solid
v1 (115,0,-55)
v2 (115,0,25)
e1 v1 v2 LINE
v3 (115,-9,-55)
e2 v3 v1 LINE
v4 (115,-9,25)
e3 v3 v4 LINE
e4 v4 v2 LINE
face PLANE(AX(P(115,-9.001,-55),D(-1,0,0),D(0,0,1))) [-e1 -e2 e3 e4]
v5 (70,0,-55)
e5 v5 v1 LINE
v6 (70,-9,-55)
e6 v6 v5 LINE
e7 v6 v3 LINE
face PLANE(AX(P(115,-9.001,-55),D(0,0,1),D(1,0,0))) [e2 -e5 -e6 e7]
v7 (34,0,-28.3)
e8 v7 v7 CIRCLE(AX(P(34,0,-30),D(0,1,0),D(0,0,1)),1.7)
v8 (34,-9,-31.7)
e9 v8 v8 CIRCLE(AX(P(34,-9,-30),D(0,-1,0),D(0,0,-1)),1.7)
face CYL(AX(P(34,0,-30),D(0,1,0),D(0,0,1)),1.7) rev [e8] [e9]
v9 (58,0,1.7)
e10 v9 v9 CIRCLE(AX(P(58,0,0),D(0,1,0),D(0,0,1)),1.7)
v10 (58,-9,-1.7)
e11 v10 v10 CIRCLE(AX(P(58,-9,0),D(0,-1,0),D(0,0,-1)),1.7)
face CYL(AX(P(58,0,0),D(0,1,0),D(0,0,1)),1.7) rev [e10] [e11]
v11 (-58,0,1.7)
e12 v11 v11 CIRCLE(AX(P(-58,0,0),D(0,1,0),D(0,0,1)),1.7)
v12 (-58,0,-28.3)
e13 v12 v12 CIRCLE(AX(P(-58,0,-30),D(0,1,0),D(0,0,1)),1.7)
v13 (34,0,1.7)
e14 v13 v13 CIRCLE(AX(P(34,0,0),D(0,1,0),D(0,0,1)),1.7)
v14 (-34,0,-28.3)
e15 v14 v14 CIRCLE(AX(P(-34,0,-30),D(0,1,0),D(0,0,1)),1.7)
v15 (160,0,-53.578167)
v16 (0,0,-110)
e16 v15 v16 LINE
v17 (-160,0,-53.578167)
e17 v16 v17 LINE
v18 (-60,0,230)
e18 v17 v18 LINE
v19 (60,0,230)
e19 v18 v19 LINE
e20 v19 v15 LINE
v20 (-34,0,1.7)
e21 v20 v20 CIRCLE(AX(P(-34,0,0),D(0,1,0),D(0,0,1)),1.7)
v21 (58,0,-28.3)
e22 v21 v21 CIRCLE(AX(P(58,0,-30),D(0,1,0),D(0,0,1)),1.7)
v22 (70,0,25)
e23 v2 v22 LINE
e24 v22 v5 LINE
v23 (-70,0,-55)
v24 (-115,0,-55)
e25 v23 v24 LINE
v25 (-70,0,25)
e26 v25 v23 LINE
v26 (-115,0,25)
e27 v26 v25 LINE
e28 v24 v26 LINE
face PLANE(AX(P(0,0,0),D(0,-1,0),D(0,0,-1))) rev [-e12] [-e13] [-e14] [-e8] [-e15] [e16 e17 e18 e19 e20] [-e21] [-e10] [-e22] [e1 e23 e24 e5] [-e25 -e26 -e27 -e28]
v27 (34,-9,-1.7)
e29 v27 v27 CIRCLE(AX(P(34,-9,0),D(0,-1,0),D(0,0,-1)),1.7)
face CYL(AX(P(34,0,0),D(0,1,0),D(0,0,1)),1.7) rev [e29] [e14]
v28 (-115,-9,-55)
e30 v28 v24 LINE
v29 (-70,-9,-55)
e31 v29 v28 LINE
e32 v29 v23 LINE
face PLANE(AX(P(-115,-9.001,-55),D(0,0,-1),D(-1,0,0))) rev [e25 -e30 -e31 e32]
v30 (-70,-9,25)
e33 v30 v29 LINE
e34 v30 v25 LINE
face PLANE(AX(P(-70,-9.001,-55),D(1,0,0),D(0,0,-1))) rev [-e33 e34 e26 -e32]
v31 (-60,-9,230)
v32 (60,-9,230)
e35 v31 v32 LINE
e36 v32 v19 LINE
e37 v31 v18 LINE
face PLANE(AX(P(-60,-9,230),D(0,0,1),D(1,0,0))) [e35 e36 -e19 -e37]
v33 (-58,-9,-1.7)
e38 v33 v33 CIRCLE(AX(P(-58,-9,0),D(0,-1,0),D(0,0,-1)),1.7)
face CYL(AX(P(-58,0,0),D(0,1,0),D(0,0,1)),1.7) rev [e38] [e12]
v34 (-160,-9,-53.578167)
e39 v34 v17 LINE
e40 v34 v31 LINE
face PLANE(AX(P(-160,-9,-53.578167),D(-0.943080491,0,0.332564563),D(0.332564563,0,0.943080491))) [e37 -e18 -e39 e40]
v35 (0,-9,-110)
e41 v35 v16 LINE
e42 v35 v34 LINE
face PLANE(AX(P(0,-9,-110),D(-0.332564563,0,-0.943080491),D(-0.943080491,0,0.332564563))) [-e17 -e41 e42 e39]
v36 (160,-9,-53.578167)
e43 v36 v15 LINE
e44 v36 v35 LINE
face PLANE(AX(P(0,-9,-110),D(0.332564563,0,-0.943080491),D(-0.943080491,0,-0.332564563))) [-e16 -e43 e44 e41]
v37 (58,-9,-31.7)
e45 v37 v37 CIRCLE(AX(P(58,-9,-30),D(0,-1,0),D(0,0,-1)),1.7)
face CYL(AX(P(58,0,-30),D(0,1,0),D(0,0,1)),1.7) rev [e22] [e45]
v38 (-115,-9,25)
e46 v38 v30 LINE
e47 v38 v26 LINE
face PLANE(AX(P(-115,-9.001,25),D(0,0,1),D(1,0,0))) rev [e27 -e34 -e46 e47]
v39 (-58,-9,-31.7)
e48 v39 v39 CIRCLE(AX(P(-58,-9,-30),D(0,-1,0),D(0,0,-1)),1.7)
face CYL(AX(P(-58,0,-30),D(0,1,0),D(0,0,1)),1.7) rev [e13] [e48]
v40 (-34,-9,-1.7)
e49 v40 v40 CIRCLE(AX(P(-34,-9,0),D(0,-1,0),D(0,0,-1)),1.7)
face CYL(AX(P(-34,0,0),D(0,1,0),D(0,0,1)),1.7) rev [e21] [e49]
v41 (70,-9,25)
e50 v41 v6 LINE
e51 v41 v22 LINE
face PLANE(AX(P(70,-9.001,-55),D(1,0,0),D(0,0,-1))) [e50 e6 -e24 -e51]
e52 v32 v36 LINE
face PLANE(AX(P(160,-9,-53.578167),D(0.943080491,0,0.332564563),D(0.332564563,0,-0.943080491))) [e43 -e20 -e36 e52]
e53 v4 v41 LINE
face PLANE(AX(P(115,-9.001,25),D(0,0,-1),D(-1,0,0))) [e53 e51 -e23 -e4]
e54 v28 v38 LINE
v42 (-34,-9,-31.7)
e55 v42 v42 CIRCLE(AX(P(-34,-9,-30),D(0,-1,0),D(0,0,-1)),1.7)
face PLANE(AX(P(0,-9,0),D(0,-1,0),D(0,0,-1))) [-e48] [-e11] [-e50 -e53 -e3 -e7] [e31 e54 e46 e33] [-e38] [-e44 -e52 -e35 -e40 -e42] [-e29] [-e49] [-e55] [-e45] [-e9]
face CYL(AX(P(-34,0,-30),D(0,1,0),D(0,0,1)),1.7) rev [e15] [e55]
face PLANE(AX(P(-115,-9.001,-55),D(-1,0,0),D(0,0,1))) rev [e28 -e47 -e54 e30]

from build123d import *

# Parameters (mm, degrees)
BOSS_EXTRU_1_DEPTH        = 9
ESQUISSE2_W               = 45
ESQUISSE2_H               = 80
ENL_V_MAT_EXTRU_2_DEPTH   = 9
D_GAGEMENT_M31_AT_2_COUNT = 2
D_GAGEMENT_M31_AT_2_PITCH = 24


with BuildPart() as part:
    # Esquisse1 → Boss.-Extru.1 (new body)
    with BuildSketch(Plane(origin=(0, 0, 0), x_dir=(1, 0, 0), z_dir=(0, 1, 0))):
        Polygon((0, 110), (-160, 53.578166916), (-60, -230), (60, -230), (160, 53.578166916), align=None)
    extrude(amount=-BOSS_EXTRU_1_DEPTH)

    # Esquisse2 → Enlèv. mat.-Extru.2 (cut)
    with BuildSketch(Plane(origin=(0, 0, 0), x_dir=(1, 0, 0), z_dir=(0, 1, 0))):
        with Locations((-92.5, 15)):
            Rectangle(ESQUISSE2_W, ESQUISSE2_H)
    enl_v_mat_extru_2 = extrude(amount=-ENL_V_MAT_EXTRU_2_DEPTH, mode=Mode.SUBTRACT)

    # Symétrie1: Enlèv. mat.-Extru.2 across plane
    add(enl_v_mat_extru_2.mirror(Plane(origin=(0, 0, 0), x_dir=(0, 0, 1), z_dir=(1, 0, 0))), mode=Mode.SUBTRACT)

    # Esquisse4 → Dégagement M31 (revolve, cut)
    with BuildSketch(Plane(origin=(-58, 0, 0), x_dir=(0, 0, 1), z_dir=(1, 0, 0))):
        Polygon((0, 0), (0, 11.021463052), (1.7, 10), (1.7, 0), align=None)
    d_gagement_m31 = revolve(axis=Axis((-58, 6.35, 0), (0, -1, 0)), mode=Mode.SUBTRACT)

    # Dégagement M31 at 2: Dégagement M31 ×2
    with Locations(*[(i * D_GAGEMENT_M31_AT_2_PITCH, 0, 0) for i in range(1, D_GAGEMENT_M31_AT_2_COUNT)]):
        add(d_gagement_m31, mode=Mode.SUBTRACT)

    # Symétrie2: Dégagement M31 across plane
    add(d_gagement_m31.mirror(Plane.XY.offset(-15)), mode=Mode.SUBTRACT)

    # Symétrie2 copy 1 sketch → Symétrie2 copy 1 (revolve, cut)
    with BuildSketch(Plane(origin=(-34, 0, -30), x_dir=(0, 0, -1), z_dir=(1, 0, 0))):
        Polygon((0, 0), (0, -11.021463052), (1.7, -10), (1.7, 0), align=None)
    revolve(axis=Axis((-34, 6.35, -30), (0, 1, 0)), mode=Mode.SUBTRACT)

    # Symétrie3: Dégagement M31 across plane
    add(d_gagement_m31.mirror(Plane(origin=(0, 0, 0), x_dir=(0, 0, 1), z_dir=(1, 0, 0))), mode=Mode.SUBTRACT)

    # Symétrie3 copy 1 sketch → Symétrie3 copy 1 (revolve, cut)
    with BuildSketch(Plane(origin=(58, 0, -30), x_dir=(0, 0, -1), z_dir=(-1, 0, 0))):
        Polygon((0, 0), (0, 11.021463052), (1.7, 10), (1.7, 0), align=None)
    revolve(axis=Axis((58, 6.35, -30), (0, -1, 0)), mode=Mode.SUBTRACT)

    # Symétrie3 copy 2 sketch → Symétrie3 copy 2 (revolve, cut)
    with BuildSketch(Plane(origin=(34, 0, -30), x_dir=(0, 0, -1), z_dir=(-1, 0, 0))):
        Polygon((0, 0), (0, 11.021463052), (1.7, 10), (1.7, 0), align=None)
    revolve(axis=Axis((34, 6.35, -30), (0, -1, 0)), mode=Mode.SUBTRACT)

    # Symétrie3 copy 3 sketch → Symétrie3 copy 3 (revolve, cut)
    with BuildSketch(Plane.ZY.offset(-34)):
        Polygon((0, 0), (0, -11.021463052), (1.7, -10), (1.7, 0), align=None)
    revolve(axis=Axis((34, 6.35, 0), (0, 1, 0)), mode=Mode.SUBTRACT)


solid = part.part
